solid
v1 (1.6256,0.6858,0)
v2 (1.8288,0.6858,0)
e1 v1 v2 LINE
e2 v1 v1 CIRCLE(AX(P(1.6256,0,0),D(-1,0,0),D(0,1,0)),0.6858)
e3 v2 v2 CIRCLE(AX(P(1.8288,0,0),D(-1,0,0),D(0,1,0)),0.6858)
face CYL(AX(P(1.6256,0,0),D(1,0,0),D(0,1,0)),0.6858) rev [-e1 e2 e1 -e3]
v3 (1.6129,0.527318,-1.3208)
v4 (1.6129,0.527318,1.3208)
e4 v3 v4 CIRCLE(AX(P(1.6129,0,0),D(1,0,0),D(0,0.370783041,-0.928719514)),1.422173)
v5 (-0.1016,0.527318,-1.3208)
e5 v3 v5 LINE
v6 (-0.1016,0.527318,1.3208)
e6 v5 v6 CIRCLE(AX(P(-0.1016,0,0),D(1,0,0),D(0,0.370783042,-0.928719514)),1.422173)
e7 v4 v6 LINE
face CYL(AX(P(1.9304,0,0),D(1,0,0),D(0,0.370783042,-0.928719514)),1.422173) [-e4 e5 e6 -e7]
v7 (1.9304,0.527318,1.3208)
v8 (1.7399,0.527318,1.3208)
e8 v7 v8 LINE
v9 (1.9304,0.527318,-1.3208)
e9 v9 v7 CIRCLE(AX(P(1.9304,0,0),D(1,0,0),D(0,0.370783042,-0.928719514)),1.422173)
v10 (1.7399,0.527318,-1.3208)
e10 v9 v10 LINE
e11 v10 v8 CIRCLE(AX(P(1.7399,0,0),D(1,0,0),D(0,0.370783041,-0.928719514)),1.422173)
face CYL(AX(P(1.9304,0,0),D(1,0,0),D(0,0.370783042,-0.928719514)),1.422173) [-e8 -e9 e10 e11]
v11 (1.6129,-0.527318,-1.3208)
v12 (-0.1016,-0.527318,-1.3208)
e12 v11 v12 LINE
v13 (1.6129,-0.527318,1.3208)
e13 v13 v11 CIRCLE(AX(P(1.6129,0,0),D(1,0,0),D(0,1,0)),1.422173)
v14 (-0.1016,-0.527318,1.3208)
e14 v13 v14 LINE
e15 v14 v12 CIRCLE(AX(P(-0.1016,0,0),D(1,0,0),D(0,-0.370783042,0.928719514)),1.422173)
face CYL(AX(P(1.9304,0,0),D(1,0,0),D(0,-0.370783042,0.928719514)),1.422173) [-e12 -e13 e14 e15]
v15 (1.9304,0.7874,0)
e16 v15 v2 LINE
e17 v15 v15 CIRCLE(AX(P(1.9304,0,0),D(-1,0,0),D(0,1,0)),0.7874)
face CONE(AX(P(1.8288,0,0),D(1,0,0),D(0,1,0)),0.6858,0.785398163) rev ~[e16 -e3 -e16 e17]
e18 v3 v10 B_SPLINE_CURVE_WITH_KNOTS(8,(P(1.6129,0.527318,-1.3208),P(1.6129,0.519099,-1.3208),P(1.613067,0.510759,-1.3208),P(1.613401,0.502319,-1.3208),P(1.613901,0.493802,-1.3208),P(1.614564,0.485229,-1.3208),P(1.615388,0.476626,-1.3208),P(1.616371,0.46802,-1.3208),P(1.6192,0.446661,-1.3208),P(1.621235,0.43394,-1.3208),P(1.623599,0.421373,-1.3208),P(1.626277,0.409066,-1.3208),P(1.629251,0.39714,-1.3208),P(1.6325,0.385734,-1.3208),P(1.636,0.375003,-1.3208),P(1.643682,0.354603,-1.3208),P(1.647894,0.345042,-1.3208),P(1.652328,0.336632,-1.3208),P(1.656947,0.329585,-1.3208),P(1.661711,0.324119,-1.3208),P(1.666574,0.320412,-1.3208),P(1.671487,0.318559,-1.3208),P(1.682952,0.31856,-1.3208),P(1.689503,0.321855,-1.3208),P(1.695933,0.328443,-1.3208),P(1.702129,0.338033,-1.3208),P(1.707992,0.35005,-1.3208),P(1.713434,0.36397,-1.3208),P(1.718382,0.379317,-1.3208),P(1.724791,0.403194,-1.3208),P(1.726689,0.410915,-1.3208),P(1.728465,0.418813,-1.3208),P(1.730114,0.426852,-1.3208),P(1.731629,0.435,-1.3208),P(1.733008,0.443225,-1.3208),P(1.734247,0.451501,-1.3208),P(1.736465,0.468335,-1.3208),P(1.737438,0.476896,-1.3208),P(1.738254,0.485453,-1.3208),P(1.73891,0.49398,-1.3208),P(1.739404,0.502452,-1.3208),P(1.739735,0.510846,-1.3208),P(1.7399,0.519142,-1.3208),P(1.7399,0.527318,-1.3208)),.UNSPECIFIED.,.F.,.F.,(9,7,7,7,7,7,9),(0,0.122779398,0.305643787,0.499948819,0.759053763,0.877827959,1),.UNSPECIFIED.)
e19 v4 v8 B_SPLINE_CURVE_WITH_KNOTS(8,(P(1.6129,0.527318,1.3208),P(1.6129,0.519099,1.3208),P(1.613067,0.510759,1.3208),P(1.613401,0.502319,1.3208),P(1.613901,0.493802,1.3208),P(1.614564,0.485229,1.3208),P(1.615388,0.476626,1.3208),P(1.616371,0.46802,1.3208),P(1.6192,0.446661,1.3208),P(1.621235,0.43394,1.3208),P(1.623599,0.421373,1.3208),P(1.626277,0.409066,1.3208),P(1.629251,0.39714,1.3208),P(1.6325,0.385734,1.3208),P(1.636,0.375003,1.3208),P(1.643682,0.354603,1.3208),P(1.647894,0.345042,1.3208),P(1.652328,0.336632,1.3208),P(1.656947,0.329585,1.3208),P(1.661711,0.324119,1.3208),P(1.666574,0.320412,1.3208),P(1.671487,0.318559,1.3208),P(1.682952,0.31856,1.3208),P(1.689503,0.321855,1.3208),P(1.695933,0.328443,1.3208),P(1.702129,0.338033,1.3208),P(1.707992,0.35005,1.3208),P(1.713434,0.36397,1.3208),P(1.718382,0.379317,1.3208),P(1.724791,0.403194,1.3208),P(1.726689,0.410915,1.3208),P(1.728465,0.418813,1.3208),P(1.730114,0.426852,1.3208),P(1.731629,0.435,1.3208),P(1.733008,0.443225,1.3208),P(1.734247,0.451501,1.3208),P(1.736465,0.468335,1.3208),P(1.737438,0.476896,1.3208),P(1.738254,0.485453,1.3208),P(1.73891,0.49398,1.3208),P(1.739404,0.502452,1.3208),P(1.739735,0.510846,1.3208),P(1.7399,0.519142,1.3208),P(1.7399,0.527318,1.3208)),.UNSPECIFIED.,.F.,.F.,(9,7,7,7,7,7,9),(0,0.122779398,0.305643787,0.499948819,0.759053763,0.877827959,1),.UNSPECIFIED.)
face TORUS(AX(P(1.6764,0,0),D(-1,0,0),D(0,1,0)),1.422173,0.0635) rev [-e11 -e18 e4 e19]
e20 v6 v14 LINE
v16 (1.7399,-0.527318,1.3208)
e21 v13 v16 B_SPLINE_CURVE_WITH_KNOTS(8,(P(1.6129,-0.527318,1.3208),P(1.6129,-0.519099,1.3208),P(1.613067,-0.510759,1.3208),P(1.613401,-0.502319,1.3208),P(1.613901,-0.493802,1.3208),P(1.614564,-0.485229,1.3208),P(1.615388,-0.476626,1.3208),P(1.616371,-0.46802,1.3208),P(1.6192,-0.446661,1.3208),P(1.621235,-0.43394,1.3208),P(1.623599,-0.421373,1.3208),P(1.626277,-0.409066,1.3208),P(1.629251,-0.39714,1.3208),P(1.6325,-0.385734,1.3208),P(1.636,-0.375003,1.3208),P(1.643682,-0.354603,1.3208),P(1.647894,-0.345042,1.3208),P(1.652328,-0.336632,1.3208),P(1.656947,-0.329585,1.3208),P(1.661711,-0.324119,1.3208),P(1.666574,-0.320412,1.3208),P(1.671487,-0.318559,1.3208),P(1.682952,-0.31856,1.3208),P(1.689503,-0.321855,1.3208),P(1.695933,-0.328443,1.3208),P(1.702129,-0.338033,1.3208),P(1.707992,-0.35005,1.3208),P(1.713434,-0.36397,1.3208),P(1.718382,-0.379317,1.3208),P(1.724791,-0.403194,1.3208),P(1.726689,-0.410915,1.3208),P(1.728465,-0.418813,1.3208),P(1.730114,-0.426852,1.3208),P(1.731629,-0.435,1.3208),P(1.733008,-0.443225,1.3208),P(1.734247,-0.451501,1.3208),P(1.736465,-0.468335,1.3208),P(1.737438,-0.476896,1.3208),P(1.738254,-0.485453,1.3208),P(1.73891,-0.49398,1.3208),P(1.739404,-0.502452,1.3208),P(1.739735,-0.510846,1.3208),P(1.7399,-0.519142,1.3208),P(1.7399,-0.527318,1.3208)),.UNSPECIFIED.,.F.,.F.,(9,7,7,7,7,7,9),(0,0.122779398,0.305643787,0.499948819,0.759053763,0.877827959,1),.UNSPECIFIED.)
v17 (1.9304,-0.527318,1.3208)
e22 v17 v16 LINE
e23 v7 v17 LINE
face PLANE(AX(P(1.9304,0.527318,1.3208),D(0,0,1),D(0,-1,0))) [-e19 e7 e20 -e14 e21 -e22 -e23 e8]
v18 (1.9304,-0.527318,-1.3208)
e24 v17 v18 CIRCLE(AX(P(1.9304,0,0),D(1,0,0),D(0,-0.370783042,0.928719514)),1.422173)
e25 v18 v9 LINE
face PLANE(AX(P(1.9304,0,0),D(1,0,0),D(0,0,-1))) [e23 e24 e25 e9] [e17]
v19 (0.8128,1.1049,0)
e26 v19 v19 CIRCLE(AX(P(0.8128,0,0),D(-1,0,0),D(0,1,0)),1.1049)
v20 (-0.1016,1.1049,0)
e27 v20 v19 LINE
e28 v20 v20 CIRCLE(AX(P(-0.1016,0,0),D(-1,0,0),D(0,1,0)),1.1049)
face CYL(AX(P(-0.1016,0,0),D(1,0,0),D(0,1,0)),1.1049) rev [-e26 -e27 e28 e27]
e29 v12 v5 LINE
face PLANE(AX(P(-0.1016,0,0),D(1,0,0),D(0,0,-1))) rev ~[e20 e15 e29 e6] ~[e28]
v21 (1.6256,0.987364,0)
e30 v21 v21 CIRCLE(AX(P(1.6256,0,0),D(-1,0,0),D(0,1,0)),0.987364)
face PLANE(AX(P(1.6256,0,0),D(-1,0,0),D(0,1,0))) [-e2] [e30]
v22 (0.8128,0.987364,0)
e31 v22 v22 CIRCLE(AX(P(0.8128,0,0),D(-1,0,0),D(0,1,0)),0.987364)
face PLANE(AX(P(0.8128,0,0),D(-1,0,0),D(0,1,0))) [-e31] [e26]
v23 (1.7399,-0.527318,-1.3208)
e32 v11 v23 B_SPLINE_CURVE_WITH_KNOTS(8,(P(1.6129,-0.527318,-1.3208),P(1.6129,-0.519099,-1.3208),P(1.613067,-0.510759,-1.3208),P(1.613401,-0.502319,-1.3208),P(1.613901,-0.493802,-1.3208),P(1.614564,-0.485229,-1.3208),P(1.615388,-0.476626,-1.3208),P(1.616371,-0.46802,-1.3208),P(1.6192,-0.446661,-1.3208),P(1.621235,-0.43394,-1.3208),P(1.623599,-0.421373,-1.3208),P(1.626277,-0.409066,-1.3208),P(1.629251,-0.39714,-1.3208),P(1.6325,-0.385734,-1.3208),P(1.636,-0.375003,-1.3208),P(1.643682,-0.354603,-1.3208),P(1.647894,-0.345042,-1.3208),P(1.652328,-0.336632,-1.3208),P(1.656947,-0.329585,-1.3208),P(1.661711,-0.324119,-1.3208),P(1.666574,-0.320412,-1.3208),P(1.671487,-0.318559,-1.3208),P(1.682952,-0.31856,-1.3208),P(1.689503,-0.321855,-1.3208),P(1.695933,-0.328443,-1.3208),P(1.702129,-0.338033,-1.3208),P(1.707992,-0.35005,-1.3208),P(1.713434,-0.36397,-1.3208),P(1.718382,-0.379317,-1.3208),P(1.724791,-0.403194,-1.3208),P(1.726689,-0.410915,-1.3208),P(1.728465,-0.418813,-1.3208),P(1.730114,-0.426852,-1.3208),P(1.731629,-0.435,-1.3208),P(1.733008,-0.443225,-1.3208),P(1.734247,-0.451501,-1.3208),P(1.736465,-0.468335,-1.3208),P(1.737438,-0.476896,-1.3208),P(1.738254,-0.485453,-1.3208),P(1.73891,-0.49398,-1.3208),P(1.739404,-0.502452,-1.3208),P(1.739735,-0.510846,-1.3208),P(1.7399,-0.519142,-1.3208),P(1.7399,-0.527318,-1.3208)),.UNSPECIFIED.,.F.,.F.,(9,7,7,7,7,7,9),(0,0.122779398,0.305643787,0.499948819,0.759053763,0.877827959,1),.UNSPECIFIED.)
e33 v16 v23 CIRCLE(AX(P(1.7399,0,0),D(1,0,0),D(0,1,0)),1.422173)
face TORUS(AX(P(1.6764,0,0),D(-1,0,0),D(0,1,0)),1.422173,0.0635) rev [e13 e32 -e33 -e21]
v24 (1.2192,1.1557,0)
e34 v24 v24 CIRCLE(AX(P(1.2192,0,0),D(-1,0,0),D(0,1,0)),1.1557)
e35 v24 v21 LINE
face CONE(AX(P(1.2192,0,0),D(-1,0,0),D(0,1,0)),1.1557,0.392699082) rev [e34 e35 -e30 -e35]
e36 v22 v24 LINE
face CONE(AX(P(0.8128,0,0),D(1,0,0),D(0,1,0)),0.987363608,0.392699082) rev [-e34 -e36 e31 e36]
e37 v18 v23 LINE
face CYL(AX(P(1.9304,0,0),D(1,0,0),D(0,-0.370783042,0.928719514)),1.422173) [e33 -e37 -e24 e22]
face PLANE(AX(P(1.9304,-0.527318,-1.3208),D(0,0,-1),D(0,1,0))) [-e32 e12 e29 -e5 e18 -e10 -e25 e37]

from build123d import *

# Parameters (mm, degrees)
BOSS_EXTRUDE1_DEPTH = 2.032
CHAMFER1_SIZE       = 0.1016


with BuildPart() as part:
    # Sketch1 → Boss-Extrude1 (new body)
    with BuildSketch(Plane(origin=(1.9304, 0, 0), x_dir=(0, 0, -1), z_dir=(1, 0, 0))):
        with BuildLine():
            Line((1.3208, -0.527317703), (1.3208, 0.527317703))
            ThreePointArc((1.3208, 0.527317703), (0, 1.422173196), (-1.3208, 0.527317703))
            Line((-1.3208, 0.527317703), (-1.3208, -0.527317703))
            ThreePointArc((-1.3208, -0.527317703), (0, -1.422173196), (1.3208, -0.527317703))
        make_face()
    extrude(amount=-BOSS_EXTRUDE1_DEPTH)

    # Sketch2 → Cut-Revolve1 (revolve, cut)
    with BuildSketch(Plane(origin=(0, 0, 0), x_dir=(-1, 0, 0), z_dir=(0, 0, -1))):
        Polygon((-1.9304, 0.6858), (-1.9304, 0), (0.1016, 0), (0.1016, 1.1049), (-0.8128, 1.1049), (-0.8128, 0.987363608), (-1.2192, 1.1557), (-1.6256, 0.987363608), (-1.6256, 0.6858), align=None)
    revolve(axis=Axis((1.9304, 0, 0), (-1, 0, 0)), mode=Mode.SUBTRACT)

    # Chamfer1
    chamfer1_edges = [part.edges().sort_by_distance(p)[0] for p in [
        (1.9304, -0.6858, 0),
    ]]
    chamfer(chamfer1_edges, length=CHAMFER1_SIZE)

    # Sketch3 → Cut-Revolve2 (revolve, cut)
    with BuildSketch(Plane.XY):
        with BuildLine():
            Line((1.7399, 1.422173196), (1.6129, 1.422173196))
            ThreePointArc((1.6129, 1.422173196), (1.6764, 1.358673196), (1.7399, 1.422173196))
        make_face()
    revolve(axis=Axis((-0.1016, 0, 0), (1, 0, 0)), mode=Mode.SUBTRACT)


solid = part.part
